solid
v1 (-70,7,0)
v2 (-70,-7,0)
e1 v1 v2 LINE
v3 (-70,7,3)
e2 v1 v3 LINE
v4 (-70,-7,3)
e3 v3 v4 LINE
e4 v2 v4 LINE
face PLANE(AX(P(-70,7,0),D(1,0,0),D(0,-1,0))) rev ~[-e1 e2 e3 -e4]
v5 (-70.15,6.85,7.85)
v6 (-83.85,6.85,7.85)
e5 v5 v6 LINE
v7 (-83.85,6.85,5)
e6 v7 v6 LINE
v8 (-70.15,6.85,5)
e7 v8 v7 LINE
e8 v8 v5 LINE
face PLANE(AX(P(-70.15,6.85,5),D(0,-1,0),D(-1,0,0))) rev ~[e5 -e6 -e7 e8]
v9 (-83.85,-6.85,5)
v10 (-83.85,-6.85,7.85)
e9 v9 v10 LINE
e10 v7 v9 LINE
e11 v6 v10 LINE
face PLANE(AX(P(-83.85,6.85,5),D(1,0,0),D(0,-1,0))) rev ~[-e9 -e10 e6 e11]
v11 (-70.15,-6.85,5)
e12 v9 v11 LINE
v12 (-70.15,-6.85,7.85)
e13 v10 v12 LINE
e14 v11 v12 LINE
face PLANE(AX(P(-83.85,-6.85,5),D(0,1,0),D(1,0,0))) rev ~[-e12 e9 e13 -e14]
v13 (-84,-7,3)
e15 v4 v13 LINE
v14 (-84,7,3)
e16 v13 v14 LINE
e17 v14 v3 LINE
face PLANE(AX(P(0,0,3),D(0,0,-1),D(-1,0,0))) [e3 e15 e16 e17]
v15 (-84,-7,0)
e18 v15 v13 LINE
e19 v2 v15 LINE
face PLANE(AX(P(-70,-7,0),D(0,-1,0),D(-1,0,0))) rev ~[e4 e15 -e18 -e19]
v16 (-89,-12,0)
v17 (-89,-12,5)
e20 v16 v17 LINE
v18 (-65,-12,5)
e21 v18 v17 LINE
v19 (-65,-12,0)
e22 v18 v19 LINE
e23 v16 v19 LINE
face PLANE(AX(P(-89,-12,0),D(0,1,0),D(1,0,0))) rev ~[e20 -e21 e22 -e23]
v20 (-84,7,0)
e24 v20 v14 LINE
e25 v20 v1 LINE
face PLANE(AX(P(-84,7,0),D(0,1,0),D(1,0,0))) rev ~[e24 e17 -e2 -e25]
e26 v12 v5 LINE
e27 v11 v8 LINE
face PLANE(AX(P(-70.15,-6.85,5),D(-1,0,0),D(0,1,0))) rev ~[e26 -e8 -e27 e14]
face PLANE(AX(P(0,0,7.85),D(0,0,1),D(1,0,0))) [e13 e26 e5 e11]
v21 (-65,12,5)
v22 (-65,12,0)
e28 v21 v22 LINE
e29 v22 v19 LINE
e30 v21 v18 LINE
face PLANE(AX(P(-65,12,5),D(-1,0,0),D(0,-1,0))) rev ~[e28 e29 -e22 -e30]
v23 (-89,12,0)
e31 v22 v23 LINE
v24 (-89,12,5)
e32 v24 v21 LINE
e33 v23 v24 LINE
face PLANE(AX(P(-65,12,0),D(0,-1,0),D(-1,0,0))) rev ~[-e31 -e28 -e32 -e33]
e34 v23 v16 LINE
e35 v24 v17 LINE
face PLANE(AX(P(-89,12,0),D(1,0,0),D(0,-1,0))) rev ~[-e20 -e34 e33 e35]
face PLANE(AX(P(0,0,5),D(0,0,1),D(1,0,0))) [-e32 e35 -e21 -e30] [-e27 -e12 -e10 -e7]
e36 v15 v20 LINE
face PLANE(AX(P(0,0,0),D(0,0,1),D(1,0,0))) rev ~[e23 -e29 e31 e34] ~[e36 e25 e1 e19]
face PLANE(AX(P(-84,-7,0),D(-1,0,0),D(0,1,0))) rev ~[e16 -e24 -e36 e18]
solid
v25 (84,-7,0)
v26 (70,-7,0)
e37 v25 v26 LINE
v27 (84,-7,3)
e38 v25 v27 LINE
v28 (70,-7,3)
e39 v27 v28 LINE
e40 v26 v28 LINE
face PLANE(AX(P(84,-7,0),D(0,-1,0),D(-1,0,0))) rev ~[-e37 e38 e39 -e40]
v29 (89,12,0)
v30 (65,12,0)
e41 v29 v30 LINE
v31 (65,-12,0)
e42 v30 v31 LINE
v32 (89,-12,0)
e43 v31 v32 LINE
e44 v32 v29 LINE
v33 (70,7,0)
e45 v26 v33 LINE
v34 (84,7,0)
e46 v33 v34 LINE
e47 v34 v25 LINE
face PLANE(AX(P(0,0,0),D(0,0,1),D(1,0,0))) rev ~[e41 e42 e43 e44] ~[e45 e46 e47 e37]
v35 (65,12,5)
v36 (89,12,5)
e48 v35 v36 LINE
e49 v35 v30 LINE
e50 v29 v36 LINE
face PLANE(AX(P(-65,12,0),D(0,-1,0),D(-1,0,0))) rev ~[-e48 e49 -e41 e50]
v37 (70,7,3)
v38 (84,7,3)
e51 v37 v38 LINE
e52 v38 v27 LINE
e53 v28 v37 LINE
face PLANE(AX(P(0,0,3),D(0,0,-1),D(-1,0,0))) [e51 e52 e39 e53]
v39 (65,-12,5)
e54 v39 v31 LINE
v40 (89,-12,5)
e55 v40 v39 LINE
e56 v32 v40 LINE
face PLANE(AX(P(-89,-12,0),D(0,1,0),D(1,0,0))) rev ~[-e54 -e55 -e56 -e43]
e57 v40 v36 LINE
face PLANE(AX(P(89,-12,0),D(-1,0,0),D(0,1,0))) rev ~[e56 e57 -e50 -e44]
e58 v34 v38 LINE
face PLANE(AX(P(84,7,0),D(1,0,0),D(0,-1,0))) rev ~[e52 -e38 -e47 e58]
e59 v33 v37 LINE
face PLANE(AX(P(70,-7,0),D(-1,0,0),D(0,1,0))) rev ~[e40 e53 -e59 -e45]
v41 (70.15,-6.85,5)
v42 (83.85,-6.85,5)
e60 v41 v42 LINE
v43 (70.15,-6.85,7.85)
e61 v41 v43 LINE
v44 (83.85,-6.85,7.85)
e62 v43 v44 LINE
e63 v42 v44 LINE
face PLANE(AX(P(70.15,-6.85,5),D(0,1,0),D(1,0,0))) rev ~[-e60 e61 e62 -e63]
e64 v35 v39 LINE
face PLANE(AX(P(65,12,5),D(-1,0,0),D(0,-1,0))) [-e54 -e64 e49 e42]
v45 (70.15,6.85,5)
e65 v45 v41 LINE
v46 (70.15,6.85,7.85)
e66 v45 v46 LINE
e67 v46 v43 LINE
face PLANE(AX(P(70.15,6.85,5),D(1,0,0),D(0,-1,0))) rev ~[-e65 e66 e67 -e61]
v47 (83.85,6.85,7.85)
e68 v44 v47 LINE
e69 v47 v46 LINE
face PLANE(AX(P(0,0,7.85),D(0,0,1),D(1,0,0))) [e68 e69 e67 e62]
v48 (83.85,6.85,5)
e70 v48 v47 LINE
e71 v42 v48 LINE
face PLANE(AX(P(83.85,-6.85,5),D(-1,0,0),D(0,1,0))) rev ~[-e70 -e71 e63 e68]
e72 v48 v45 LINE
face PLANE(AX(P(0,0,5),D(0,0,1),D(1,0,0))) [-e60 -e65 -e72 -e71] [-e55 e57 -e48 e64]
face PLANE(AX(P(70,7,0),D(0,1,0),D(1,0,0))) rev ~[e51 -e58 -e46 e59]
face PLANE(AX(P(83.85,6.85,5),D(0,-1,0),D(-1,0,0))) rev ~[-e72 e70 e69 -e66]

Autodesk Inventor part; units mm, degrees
ref_plane "YZ Plane" through (0, 0, 0) normal (1, 0, 0) x (0, 1, 0)
ref_plane "XZ Plane" through (0, 0, 0) normal (0, 1, 0) x (-1, 0, 0)
ref_plane "XY Plane" through (0, 0, 0) normal (0, 0, 1) x (1, 0, 0)
sketch "Skizze1" plane through (0, 0, 0) normal (0, 0, 1) x (1, 0, 0)
  line L0 (-89, -12) -> (89, -12)
  line L1 (89, -12) -> (89, 12)
  line L2 (89, 12) -> (-89, 12)
  line L3 (-89, 12) -> (-89, -12)
  line L4 (-89, -12) -> (89, 12) construction
  line L5 (89, -12) -> (-89, 12) construction
  line L6 (65, 12) -> (65, -12)
  line L7 (-65, 12) -> (-65, -12)
  line L8 (-89, 12) -> (-65, -12) construction
  line L9 (-65, 12) -> (-89, -12) construction
  line L10 (89, 12) -> (65, -12) construction
  line L11 (65, 12) -> (89, -12) construction
  point P0 (0, 0)
  dimension "d0" = 178
  dimension "d1" = 24
  dimension "d2" = 24
  dimension "d3" = 24
extrude "Extrusion1" add sketch "Skizze1" along normal blind 5
sketch "Skizze3" plane through (0, 0, 5) normal (0, 0, 1) x (1, 0, 0)
  line L0 (-89, -12) -> (89, -12)
  line L1 (89, -12) -> (89, 12)
  line L2 (89, 12) -> (-89, 12)
  line L3 (-89, 12) -> (-89, -12)
  line L4 (-89, -12) -> (89, 12) construction
  line L5 (89, -12) -> (-89, 12) construction
  line L6 (65, 12) -> (65, -12)
  line L7 (-65, 12) -> (-65, -12)
  line L8 (-89, 12) -> (-65, -12) construction
  line L9 (-65, 12) -> (-89, -12) construction
  line L10 (89, 12) -> (65, -12) construction
  line L11 (65, 12) -> (89, -12) construction
  line L12 (70.15, -6.85) -> (83.85, -6.85)
  line L13 (83.85, -6.85) -> (83.85, 6.85)
  line L14 (83.85, 6.85) -> (70.15, 6.85)
  line L15 (70.15, 6.85) -> (70.15, -6.85)
  line L16 (70.15, -6.85) -> (83.85, 6.85) construction
  line L17 (83.85, -6.85) -> (70.15, 6.85) construction
  line L18 (-83.85, -6.85) -> (-70.15, -6.85)
  line L19 (-70.15, -6.85) -> (-70.15, 6.85)
  line L20 (-70.15, 6.85) -> (-83.85, 6.85)
  line L21 (-83.85, 6.85) -> (-83.85, -6.85)
  line L22 (-83.85, -6.85) -> (-70.15, 6.85) construction
  line L23 (-70.15, -6.85) -> (-83.85, 6.85) construction
  point P0 (0, 0)
  point P1 (0, 0)
  point P2 (77, 0)
  point P3 (-77, 0)
  dimension "d10" = 178
  dimension "d11" = 24
  dimension "d12" = 24
  dimension "d13" = 24
  dimension "d14" = 13.7
  dimension "d15" = 13.7
extrude "Extrusion2" add sketch "Skizze3" along normal blind 2.85 contours L15 L14 L13 L12 | L21 L20 L19 L18
sketch "Skizze4" plane through (0, 0, 0) normal (0, 0, -1) x (-1, 0, 0)
  line L0 (-89, -12) -> (89, -12)
  line L1 (89, -12) -> (89, 12)
  line L2 (89, 12) -> (-89, 12)
  line L3 (-89, 12) -> (-89, -12)
  line L4 (-89, -12) -> (89, 12) construction
  line L5 (89, -12) -> (-89, 12) construction
  line L6 (65, 12) -> (65, -12)
  line L7 (-65, 12) -> (-65, -12)
  line L8 (-89, 12) -> (-65, -12) construction
  line L9 (-65, 12) -> (-89, -12) construction
  line L10 (89, 12) -> (65, -12) construction
  line L11 (65, 12) -> (89, -12) construction
  line L12 (70, -7) -> (84, -7)
  line L13 (84, -7) -> (84, 7)
  line L14 (84, 7) -> (70, 7)
  line L15 (70, 7) -> (70, -7)
  line L16 (70, -7) -> (84, 7) construction
  line L17 (84, -7) -> (70, 7) construction
  line L18 (-84, -7) -> (-70, -7)
  line L19 (-70, -7) -> (-70, 7)
  line L20 (-70, 7) -> (-84, 7)
  line L21 (-84, 7) -> (-84, -7)
  line L22 (-84, -7) -> (-70, 7) construction
  line L23 (-70, -7) -> (-84, 7) construction
  point P0 (0, 0)
  point P1 (0, 0)
  point P2 (0, 0)
  point P3 (77, 0)
  point P4 (-77, 0)
  dimension "d18" = 178
  dimension "d19" = 24
  dimension "d20" = 24
  dimension "d21" = 24
  dimension "d22" = 14
  dimension "d23" = 14
extrude "Extrusion3" cut sketch "Skizze4" against normal blind 3 contours L15 L14 L13 L12 | L21 L20 L19 L18
sketch "Skizze5" plane through (0, 0, 5) normal (0, 0, 1) x (1, 0, 0)
  line L0 (-89, 12) -> (-89, -12) projected
  line L1 (-89, -12) -> (89, -12) projected
  line L2 (-89, 12) -> (-65, 12)
  line L3 (-65, 12) -> (-65, -12)
  line L4 (-65, -12) -> (-89, -12)
  line L5 (-89, -12) -> (-89, 12)
  line L6 (89, -12) -> (89, 12) projected
  line L7 (89, 12) -> (65, 12)
  line L8 (65, 12) -> (65, -12)
  line L9 (65, -12) -> (89, -12)
  line L10 (89, -12) -> (89, 12)
  line L11 (-65, 12) -> (65, 12)
  line L12 (65, 12) -> (65, -12)
  line L13 (65, -12) -> (-65, -12)
  line L14 (-65, -12) -> (-65, 12)
  point P0 (0, 0)
  point P1 (65, -12)
  dimension "d26" = 24
  dimension "d27" = 24
extrude "Extrusion4" cut sketch "Skizze5" against normal through all contours L11 L8 L1 L3
properties part number "20210330_5mmFuss_Korpus" material "Acetal Resin, Black"
